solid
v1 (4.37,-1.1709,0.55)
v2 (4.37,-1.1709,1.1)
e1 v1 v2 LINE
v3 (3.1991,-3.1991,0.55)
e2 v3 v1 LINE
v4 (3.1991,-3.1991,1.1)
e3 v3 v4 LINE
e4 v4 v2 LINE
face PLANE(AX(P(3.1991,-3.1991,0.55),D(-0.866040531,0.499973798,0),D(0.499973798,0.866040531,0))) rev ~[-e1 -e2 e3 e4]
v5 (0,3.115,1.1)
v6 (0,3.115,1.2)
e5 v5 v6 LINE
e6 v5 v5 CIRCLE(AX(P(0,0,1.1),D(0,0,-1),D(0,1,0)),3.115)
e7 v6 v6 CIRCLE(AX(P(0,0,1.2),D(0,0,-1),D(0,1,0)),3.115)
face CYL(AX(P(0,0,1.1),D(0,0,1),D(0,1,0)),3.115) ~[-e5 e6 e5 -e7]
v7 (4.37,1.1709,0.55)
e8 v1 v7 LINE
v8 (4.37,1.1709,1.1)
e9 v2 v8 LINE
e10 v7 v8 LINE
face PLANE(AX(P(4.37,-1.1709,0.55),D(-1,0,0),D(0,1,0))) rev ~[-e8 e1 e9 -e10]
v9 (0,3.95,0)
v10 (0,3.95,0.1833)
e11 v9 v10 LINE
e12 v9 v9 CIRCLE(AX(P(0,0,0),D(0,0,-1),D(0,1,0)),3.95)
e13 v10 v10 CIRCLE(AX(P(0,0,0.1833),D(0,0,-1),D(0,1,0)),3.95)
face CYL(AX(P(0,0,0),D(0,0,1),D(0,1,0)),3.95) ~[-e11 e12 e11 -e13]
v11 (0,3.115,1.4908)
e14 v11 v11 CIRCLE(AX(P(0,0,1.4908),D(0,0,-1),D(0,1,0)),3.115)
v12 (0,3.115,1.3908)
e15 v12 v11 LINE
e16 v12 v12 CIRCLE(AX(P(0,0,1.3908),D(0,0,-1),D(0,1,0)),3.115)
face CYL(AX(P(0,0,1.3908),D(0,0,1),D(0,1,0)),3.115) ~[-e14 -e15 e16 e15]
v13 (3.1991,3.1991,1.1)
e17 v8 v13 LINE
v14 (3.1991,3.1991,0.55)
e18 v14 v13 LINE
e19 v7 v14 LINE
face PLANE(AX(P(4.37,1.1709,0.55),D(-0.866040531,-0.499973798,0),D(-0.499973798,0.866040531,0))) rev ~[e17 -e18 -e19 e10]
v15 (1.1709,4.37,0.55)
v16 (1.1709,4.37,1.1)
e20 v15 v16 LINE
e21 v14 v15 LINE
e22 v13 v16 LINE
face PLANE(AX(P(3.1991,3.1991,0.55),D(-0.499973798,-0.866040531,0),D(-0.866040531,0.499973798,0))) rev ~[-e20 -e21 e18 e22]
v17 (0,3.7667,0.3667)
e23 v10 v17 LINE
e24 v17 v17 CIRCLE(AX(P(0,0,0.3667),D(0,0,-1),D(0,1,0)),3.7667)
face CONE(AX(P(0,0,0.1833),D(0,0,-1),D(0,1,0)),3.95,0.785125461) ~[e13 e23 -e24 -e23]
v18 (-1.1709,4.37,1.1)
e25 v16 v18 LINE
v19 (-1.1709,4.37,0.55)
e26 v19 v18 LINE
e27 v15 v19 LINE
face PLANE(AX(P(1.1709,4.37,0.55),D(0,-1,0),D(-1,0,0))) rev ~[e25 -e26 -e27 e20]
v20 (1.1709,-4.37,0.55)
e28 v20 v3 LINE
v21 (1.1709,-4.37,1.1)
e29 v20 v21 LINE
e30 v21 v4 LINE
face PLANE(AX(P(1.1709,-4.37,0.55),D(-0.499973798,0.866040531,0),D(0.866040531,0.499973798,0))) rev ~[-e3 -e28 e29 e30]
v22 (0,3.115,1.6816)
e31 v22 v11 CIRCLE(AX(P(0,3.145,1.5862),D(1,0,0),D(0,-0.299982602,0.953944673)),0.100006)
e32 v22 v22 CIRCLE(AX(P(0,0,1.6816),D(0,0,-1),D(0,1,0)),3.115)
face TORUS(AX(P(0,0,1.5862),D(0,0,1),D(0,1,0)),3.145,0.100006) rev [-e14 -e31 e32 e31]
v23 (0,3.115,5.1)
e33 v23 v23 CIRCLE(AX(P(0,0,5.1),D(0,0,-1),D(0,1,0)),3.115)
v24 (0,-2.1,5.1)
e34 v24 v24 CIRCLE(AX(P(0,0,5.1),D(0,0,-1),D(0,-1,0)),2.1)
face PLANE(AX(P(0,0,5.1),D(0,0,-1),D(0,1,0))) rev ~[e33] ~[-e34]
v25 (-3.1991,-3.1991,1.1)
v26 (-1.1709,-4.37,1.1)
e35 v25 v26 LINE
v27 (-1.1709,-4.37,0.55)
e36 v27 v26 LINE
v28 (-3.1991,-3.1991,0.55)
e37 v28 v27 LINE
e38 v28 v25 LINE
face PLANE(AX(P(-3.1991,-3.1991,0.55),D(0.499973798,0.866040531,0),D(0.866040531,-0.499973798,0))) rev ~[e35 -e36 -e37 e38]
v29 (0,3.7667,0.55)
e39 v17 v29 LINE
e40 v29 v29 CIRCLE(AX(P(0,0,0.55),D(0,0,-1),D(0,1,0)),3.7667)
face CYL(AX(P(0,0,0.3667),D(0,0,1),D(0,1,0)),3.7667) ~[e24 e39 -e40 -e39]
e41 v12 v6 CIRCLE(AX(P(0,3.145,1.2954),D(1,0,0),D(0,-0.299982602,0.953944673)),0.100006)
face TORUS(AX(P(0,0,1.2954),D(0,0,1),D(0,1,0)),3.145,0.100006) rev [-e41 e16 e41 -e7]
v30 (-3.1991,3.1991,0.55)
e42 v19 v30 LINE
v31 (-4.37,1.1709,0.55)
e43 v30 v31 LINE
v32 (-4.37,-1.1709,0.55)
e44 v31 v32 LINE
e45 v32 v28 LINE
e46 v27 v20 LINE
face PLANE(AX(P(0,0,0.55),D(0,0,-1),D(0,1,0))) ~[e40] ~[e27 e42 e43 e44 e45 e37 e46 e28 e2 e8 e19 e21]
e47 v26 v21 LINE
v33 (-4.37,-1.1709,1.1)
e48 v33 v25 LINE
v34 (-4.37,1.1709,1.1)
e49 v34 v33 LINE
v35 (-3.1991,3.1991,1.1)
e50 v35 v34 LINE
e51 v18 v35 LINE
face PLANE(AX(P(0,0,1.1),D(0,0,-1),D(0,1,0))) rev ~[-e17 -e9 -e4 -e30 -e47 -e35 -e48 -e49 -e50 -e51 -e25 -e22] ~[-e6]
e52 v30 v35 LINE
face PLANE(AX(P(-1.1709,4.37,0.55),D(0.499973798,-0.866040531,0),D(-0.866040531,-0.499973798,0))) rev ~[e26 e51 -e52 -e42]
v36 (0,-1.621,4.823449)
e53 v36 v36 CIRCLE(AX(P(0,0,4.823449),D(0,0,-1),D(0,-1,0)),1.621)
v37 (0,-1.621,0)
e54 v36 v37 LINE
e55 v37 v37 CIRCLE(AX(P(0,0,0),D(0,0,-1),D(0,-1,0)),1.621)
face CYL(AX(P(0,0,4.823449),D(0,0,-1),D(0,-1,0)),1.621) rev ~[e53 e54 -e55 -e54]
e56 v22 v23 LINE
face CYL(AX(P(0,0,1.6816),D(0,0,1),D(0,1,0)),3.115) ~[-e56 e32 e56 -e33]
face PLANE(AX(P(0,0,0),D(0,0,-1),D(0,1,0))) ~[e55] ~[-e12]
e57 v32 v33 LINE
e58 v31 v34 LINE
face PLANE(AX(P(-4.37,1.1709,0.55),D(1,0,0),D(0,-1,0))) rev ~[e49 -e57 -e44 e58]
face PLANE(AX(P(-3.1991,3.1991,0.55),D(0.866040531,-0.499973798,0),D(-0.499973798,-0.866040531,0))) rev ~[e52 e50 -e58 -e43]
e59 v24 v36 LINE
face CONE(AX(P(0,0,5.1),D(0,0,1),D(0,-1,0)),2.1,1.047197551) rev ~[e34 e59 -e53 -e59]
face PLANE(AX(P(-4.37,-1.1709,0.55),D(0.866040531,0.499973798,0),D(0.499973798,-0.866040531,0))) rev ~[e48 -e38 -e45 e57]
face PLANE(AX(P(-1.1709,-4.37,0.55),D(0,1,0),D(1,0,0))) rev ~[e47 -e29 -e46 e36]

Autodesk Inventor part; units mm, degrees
ref_plane "YZ Plane" through (0, 0, 0) normal (1, 0, 0) x (0, 1, 0)
ref_plane "XZ Plane" through (0, 0, 0) normal (0, 1, 0) x (-1, 0, 0)
ref_plane "XY Plane" through (0, 0, 0) normal (0, 0, 1) x (1, 0, 0)
sketch "Sketch1" plane through (0, 0, 0) normal (1, 0, 0) x (0, 1, 0)
  line L0 (0, 0) -> (3.95, 0)
  line L1 (3.95, 0) -> (3.95, 0.1833)
  line L2 (3.95, 0.1833) -> (3.7667, 0.3667)
  line L3 (3.7667, 0.3667) -> (3.7667, 0.55)
  line L4 (3.7667, 0.55) -> (6.555, 0.55)
  line L5 (6.555, 0.55) -> (6.555, 1.1)
  line L6 (6.555, 1.1) -> (3.115, 1.1)
  line L7 (3.115, 1.1) -> (3.115, 1.2)
  arc A0 (3.115, 1.3908) -> (3.115, 1.2) centre (3.145, 1.2954) ccw
  line L8 (3.115, 1.6816) -> (3.115, 5.1)
  line L9 (3.115, 5.1) -> (0, 5.1)
  line L10 (0, 5.1) -> (0, 0)
  arc A1 (3.115, 1.6816) -> (3.115, 1.4908) centre (3.145, 1.5862) ccw
  line L11 (3.115, 1.3908) -> (3.115, 1.4908)
  dimension "d0" = 7.9
  dimension "d1" = 1.1
  dimension "d2" = 6.23
  dimension "d3" = 13.11
  dimension "d4" = 4
  dimension "d5" = 0.1
  dimension "d6" = 0.55
  dimension "d7" = 0.1833
  dimension "d8" = 0.1833
  dimension "d9" = 0.1833
  dimension "d10" = 0.03
  dimension "d11" = 0.1
  dimension "d12" = 0.1
revolve "Revolution1" add sketch "Sketch1" angle 360 about axis through (0, 0, 5.1) along (0, 0, -1)
sketch "Sketch2" plane through (0, 0, 0.55) normal (0, 0, -1) x (-1, 0, 0)
  line L0 (1.1709, 4.37) -> (3.1991, 3.1991)
  line L1 (3.1991, 3.1991) -> (4.37, 1.1709)
  line L2 (4.37, 1.1709) -> (4.37, -1.1709)
  line L3 (4.37, -1.1709) -> (3.1991, -3.1991)
  line L4 (3.1991, -3.1991) -> (1.1709, -4.37)
  line L5 (1.1709, -4.37) -> (-1.1709, -4.37)
  line L6 (-1.1709, -4.37) -> (-3.1991, -3.1991)
  line L7 (-3.1991, -3.1991) -> (-4.37, -1.1709)
  line L8 (-4.37, -1.1709) -> (-4.37, 1.1709)
  line L9 (-4.37, 1.1709) -> (-3.1991, 3.1991)
  line L10 (-3.1991, 3.1991) -> (-1.1709, 4.37)
  line L11 (-1.1709, 4.37) -> (1.1709, 4.37)
  circle A0 centre (0, 0) radius 6.555 projected
  dimension "d16" = 8.74
extrude "Extrusion1" cut sketch "Sketch2" against normal through all
hole "Hole1" at (0, 0, 5.1) direction (0, 0, -1) diameter 3.242 end through all countersink diameter 4.2 countersink angle 120 thread size "M4x0.7" class "6H" standard "ANSI Metric M Profile"
hole "Hole2" [suppressed]
equation "\"d0\" = C_"
equation "\"d1\" = A_"
equation "\"d2\" = B"
equation "\"d3\" = 1.5 * H_"
equation "\"d4\" = Length_Code"
equation "\"d5\" = Mark_1"
equation "\"d6\" = 0.5 * A_"
equation "\"d7\" = 0.166667 * A_"
equation "\"d8\" = 0.166667 * A_"
equation "\"d9\" = 0.166667 * A_"
equation "\"d10\" = Mark_2"
equation "\"d11\" = Mark_1"
equation "\"d12\" = Mark_1"
equation "\"d13\" = T_"
equation "\"d14\" = 1.05 * Thread"
equation "\"d53\" = Length_Code"
equation "\"d18\" = 1.05 * Thread"
equation "\"d20\" = T_"
equation "\"d16\" = H_"
equation "\"Length_Code\" = 4"
equation "\"T_\" = 4"
equation "\"A_\" = 1.1"
equation "\"B\" = 6.23"
equation "\"C_\" = 7.9"
equation "\"H_\" = 8.74"
equation "\"Mark_1\" = 0.1"
equation "\"Mark_2\" = 0.03"
equation "\"Thread\" = 4"
equation "\"Min_Thick\" = 1.6"
equation "\"B_Hole\" = 7.92"
equation "\"Min_Depht\" = 1.1"
equation "\"Min_Dist\" = 6.4"
properties part number "CSS-M4-4" material "Stainless Steel"
